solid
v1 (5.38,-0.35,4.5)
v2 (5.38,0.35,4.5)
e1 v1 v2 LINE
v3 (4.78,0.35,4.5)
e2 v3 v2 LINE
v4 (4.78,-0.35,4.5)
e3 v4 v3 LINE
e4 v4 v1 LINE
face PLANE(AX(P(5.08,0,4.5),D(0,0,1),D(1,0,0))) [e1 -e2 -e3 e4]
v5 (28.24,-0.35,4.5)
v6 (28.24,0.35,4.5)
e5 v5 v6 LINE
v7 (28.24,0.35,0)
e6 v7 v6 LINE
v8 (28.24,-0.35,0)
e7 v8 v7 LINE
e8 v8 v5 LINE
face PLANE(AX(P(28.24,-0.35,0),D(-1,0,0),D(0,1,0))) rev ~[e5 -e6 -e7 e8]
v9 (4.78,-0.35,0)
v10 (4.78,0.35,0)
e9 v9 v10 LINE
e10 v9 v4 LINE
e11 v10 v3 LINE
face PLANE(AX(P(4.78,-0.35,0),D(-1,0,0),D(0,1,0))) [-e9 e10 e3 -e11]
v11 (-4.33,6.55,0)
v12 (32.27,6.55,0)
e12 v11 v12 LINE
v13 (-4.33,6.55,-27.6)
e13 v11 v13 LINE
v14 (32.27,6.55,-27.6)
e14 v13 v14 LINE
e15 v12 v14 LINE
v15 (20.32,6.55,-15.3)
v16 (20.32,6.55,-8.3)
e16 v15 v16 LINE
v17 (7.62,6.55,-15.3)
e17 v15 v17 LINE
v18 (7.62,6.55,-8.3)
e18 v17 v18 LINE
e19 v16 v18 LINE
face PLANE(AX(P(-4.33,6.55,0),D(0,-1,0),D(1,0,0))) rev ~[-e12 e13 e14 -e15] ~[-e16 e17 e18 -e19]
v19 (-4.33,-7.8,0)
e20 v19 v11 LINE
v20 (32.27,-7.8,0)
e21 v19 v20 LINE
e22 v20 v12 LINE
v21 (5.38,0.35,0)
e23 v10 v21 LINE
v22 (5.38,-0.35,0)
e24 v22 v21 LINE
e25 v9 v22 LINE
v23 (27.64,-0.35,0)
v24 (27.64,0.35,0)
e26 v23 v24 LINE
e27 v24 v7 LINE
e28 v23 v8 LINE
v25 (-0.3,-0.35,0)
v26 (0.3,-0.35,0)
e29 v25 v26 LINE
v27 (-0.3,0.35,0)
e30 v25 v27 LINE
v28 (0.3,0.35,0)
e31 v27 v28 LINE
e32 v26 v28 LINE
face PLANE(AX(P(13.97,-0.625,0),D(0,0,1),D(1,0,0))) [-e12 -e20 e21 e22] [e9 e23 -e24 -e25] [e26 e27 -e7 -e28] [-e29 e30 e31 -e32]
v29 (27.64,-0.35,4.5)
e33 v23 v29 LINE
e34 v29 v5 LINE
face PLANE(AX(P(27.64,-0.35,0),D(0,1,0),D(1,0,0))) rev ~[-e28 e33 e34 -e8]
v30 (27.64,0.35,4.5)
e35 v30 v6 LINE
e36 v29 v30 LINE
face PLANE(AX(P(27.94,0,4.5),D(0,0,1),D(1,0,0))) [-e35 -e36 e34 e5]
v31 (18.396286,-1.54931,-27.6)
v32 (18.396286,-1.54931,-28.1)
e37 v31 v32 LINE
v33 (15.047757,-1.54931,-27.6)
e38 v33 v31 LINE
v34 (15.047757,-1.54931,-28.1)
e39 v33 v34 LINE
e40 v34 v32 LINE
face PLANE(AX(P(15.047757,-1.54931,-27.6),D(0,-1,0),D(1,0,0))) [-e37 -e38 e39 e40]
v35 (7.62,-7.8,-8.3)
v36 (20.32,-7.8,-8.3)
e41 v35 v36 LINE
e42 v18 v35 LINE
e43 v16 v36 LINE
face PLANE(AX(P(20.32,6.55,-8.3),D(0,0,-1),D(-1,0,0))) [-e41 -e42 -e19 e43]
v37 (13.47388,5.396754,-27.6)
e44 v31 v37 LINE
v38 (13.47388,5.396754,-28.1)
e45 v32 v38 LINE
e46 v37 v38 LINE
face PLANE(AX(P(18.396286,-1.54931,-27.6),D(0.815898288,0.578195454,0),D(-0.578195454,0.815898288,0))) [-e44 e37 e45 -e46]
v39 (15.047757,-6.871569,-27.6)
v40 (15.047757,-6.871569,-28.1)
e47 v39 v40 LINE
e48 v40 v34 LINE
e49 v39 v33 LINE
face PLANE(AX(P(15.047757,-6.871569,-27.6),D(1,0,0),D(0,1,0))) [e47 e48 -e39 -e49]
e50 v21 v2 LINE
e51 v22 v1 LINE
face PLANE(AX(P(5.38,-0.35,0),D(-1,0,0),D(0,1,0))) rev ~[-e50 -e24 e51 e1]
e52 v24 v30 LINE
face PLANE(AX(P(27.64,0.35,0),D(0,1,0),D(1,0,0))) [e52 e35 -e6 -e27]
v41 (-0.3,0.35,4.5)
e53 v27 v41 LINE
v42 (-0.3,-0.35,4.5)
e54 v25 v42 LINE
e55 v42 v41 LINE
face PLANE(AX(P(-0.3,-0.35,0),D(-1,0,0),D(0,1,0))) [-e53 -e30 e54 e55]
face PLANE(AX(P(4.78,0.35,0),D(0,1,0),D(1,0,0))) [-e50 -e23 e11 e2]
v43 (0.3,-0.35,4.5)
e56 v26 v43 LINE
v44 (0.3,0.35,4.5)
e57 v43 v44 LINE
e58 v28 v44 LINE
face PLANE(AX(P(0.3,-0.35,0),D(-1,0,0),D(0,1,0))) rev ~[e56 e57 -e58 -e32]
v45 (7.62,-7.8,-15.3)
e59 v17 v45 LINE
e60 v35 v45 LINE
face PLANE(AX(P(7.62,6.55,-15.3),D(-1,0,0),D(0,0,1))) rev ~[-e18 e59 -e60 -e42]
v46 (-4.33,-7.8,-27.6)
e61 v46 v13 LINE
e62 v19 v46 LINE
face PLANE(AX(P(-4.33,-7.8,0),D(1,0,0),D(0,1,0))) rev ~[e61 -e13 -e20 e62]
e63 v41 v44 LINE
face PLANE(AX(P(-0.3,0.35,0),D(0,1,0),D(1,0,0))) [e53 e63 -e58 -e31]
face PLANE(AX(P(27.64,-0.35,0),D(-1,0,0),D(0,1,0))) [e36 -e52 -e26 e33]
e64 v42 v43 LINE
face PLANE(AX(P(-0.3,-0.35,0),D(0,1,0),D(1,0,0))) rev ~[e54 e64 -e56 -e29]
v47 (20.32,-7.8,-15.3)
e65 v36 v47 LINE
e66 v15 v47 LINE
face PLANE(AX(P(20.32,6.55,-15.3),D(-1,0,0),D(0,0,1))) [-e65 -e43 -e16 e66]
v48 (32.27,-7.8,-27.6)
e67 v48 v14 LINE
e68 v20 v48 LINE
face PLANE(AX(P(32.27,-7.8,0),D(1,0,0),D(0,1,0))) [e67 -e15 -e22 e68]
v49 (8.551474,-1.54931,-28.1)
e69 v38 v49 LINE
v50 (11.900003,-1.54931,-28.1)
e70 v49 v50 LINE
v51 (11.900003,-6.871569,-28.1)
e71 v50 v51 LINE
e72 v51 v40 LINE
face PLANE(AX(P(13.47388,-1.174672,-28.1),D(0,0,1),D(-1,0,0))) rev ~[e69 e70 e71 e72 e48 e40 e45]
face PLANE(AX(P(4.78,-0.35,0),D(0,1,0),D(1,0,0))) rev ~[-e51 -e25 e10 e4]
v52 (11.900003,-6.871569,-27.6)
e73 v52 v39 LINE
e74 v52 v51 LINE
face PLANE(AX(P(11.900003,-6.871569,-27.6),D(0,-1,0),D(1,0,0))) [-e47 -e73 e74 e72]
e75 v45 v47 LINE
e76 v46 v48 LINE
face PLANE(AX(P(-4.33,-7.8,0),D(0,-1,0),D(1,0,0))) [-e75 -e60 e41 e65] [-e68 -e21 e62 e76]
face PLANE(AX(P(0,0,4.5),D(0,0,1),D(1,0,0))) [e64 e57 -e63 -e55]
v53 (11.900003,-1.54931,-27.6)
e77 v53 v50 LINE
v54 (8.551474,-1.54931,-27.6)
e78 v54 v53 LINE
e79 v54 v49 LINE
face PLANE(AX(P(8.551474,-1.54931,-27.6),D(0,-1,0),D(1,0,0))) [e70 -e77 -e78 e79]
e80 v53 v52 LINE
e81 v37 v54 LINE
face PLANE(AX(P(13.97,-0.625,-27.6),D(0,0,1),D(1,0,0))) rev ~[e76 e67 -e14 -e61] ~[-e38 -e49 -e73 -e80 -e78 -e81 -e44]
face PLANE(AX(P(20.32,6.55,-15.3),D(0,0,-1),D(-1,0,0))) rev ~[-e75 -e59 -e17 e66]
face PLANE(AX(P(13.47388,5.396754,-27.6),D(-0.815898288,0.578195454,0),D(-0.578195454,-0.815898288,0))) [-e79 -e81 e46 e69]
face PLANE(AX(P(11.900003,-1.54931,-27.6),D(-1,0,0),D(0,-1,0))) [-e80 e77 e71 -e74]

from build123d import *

# Parameters (mm, degrees)
SKETCH001_W      = 36.6
SKETCH001_H      = 14.35
EXTRUDE001_DEPTH = 27.6
SKETCH002_W      = 12.7
SKETCH002_H      = 7
POCKET_DEPTH     = 14.351
PAD_DEPTH        = 0.5
SKETCH_W         = 0.6
SKETCH_H         = 0.7
EXTRUDE_DEPTH    = 4.5


with BuildPart() as pad:
    # Sketch001 → Extrude001 (new body)
    with BuildSketch(Plane.XY):
        with Locations((13.97, -0.625)):
            Rectangle(SKETCH001_W, SKETCH001_H)
    extrude(amount=-EXTRUDE001_DEPTH)

    # Sketch002 → Pocket (cut, through all)
    with BuildSketch(Plane(origin=(0, 6.55, 0), x_dir=(-1, 0, 0), z_dir=(0, 1, 0))):
        with Locations((-13.97, -11.8)):
            Rectangle(SKETCH002_W, SKETCH002_H)
    extrude(amount=-POCKET_DEPTH, mode=Mode.SUBTRACT)

    # Sketch003 → Pad (new body)
    with BuildSketch(Plane(origin=(0, 0, -27.6), x_dir=(1, 0, 0), z_dir=(0, 0, -1))):
        Polygon((11.900003, 6.871569), (15.047757, 6.871569), (15.047757, 1.54931), (18.396286, 1.54931), (13.47388, -5.396754), (8.551474, 1.54931), (11.900003, 1.54931), align=None)
    extrude(amount=PAD_DEPTH)


with BuildPart() as fusion:
    # Sketch → Extrude (new body)
    with BuildSketch(Plane.XY):
        Rectangle(SKETCH_W, SKETCH_H)
        with Locations((5.08, 0)):
            Rectangle(SKETCH_W, SKETCH_H)
        with Locations((27.94, 0)):
            Rectangle(SKETCH_W, SKETCH_H)
    extrude(amount=EXTRUDE_DEPTH)

    # Fusion: union Pad
    add(pad.part)


solid = fusion.part
